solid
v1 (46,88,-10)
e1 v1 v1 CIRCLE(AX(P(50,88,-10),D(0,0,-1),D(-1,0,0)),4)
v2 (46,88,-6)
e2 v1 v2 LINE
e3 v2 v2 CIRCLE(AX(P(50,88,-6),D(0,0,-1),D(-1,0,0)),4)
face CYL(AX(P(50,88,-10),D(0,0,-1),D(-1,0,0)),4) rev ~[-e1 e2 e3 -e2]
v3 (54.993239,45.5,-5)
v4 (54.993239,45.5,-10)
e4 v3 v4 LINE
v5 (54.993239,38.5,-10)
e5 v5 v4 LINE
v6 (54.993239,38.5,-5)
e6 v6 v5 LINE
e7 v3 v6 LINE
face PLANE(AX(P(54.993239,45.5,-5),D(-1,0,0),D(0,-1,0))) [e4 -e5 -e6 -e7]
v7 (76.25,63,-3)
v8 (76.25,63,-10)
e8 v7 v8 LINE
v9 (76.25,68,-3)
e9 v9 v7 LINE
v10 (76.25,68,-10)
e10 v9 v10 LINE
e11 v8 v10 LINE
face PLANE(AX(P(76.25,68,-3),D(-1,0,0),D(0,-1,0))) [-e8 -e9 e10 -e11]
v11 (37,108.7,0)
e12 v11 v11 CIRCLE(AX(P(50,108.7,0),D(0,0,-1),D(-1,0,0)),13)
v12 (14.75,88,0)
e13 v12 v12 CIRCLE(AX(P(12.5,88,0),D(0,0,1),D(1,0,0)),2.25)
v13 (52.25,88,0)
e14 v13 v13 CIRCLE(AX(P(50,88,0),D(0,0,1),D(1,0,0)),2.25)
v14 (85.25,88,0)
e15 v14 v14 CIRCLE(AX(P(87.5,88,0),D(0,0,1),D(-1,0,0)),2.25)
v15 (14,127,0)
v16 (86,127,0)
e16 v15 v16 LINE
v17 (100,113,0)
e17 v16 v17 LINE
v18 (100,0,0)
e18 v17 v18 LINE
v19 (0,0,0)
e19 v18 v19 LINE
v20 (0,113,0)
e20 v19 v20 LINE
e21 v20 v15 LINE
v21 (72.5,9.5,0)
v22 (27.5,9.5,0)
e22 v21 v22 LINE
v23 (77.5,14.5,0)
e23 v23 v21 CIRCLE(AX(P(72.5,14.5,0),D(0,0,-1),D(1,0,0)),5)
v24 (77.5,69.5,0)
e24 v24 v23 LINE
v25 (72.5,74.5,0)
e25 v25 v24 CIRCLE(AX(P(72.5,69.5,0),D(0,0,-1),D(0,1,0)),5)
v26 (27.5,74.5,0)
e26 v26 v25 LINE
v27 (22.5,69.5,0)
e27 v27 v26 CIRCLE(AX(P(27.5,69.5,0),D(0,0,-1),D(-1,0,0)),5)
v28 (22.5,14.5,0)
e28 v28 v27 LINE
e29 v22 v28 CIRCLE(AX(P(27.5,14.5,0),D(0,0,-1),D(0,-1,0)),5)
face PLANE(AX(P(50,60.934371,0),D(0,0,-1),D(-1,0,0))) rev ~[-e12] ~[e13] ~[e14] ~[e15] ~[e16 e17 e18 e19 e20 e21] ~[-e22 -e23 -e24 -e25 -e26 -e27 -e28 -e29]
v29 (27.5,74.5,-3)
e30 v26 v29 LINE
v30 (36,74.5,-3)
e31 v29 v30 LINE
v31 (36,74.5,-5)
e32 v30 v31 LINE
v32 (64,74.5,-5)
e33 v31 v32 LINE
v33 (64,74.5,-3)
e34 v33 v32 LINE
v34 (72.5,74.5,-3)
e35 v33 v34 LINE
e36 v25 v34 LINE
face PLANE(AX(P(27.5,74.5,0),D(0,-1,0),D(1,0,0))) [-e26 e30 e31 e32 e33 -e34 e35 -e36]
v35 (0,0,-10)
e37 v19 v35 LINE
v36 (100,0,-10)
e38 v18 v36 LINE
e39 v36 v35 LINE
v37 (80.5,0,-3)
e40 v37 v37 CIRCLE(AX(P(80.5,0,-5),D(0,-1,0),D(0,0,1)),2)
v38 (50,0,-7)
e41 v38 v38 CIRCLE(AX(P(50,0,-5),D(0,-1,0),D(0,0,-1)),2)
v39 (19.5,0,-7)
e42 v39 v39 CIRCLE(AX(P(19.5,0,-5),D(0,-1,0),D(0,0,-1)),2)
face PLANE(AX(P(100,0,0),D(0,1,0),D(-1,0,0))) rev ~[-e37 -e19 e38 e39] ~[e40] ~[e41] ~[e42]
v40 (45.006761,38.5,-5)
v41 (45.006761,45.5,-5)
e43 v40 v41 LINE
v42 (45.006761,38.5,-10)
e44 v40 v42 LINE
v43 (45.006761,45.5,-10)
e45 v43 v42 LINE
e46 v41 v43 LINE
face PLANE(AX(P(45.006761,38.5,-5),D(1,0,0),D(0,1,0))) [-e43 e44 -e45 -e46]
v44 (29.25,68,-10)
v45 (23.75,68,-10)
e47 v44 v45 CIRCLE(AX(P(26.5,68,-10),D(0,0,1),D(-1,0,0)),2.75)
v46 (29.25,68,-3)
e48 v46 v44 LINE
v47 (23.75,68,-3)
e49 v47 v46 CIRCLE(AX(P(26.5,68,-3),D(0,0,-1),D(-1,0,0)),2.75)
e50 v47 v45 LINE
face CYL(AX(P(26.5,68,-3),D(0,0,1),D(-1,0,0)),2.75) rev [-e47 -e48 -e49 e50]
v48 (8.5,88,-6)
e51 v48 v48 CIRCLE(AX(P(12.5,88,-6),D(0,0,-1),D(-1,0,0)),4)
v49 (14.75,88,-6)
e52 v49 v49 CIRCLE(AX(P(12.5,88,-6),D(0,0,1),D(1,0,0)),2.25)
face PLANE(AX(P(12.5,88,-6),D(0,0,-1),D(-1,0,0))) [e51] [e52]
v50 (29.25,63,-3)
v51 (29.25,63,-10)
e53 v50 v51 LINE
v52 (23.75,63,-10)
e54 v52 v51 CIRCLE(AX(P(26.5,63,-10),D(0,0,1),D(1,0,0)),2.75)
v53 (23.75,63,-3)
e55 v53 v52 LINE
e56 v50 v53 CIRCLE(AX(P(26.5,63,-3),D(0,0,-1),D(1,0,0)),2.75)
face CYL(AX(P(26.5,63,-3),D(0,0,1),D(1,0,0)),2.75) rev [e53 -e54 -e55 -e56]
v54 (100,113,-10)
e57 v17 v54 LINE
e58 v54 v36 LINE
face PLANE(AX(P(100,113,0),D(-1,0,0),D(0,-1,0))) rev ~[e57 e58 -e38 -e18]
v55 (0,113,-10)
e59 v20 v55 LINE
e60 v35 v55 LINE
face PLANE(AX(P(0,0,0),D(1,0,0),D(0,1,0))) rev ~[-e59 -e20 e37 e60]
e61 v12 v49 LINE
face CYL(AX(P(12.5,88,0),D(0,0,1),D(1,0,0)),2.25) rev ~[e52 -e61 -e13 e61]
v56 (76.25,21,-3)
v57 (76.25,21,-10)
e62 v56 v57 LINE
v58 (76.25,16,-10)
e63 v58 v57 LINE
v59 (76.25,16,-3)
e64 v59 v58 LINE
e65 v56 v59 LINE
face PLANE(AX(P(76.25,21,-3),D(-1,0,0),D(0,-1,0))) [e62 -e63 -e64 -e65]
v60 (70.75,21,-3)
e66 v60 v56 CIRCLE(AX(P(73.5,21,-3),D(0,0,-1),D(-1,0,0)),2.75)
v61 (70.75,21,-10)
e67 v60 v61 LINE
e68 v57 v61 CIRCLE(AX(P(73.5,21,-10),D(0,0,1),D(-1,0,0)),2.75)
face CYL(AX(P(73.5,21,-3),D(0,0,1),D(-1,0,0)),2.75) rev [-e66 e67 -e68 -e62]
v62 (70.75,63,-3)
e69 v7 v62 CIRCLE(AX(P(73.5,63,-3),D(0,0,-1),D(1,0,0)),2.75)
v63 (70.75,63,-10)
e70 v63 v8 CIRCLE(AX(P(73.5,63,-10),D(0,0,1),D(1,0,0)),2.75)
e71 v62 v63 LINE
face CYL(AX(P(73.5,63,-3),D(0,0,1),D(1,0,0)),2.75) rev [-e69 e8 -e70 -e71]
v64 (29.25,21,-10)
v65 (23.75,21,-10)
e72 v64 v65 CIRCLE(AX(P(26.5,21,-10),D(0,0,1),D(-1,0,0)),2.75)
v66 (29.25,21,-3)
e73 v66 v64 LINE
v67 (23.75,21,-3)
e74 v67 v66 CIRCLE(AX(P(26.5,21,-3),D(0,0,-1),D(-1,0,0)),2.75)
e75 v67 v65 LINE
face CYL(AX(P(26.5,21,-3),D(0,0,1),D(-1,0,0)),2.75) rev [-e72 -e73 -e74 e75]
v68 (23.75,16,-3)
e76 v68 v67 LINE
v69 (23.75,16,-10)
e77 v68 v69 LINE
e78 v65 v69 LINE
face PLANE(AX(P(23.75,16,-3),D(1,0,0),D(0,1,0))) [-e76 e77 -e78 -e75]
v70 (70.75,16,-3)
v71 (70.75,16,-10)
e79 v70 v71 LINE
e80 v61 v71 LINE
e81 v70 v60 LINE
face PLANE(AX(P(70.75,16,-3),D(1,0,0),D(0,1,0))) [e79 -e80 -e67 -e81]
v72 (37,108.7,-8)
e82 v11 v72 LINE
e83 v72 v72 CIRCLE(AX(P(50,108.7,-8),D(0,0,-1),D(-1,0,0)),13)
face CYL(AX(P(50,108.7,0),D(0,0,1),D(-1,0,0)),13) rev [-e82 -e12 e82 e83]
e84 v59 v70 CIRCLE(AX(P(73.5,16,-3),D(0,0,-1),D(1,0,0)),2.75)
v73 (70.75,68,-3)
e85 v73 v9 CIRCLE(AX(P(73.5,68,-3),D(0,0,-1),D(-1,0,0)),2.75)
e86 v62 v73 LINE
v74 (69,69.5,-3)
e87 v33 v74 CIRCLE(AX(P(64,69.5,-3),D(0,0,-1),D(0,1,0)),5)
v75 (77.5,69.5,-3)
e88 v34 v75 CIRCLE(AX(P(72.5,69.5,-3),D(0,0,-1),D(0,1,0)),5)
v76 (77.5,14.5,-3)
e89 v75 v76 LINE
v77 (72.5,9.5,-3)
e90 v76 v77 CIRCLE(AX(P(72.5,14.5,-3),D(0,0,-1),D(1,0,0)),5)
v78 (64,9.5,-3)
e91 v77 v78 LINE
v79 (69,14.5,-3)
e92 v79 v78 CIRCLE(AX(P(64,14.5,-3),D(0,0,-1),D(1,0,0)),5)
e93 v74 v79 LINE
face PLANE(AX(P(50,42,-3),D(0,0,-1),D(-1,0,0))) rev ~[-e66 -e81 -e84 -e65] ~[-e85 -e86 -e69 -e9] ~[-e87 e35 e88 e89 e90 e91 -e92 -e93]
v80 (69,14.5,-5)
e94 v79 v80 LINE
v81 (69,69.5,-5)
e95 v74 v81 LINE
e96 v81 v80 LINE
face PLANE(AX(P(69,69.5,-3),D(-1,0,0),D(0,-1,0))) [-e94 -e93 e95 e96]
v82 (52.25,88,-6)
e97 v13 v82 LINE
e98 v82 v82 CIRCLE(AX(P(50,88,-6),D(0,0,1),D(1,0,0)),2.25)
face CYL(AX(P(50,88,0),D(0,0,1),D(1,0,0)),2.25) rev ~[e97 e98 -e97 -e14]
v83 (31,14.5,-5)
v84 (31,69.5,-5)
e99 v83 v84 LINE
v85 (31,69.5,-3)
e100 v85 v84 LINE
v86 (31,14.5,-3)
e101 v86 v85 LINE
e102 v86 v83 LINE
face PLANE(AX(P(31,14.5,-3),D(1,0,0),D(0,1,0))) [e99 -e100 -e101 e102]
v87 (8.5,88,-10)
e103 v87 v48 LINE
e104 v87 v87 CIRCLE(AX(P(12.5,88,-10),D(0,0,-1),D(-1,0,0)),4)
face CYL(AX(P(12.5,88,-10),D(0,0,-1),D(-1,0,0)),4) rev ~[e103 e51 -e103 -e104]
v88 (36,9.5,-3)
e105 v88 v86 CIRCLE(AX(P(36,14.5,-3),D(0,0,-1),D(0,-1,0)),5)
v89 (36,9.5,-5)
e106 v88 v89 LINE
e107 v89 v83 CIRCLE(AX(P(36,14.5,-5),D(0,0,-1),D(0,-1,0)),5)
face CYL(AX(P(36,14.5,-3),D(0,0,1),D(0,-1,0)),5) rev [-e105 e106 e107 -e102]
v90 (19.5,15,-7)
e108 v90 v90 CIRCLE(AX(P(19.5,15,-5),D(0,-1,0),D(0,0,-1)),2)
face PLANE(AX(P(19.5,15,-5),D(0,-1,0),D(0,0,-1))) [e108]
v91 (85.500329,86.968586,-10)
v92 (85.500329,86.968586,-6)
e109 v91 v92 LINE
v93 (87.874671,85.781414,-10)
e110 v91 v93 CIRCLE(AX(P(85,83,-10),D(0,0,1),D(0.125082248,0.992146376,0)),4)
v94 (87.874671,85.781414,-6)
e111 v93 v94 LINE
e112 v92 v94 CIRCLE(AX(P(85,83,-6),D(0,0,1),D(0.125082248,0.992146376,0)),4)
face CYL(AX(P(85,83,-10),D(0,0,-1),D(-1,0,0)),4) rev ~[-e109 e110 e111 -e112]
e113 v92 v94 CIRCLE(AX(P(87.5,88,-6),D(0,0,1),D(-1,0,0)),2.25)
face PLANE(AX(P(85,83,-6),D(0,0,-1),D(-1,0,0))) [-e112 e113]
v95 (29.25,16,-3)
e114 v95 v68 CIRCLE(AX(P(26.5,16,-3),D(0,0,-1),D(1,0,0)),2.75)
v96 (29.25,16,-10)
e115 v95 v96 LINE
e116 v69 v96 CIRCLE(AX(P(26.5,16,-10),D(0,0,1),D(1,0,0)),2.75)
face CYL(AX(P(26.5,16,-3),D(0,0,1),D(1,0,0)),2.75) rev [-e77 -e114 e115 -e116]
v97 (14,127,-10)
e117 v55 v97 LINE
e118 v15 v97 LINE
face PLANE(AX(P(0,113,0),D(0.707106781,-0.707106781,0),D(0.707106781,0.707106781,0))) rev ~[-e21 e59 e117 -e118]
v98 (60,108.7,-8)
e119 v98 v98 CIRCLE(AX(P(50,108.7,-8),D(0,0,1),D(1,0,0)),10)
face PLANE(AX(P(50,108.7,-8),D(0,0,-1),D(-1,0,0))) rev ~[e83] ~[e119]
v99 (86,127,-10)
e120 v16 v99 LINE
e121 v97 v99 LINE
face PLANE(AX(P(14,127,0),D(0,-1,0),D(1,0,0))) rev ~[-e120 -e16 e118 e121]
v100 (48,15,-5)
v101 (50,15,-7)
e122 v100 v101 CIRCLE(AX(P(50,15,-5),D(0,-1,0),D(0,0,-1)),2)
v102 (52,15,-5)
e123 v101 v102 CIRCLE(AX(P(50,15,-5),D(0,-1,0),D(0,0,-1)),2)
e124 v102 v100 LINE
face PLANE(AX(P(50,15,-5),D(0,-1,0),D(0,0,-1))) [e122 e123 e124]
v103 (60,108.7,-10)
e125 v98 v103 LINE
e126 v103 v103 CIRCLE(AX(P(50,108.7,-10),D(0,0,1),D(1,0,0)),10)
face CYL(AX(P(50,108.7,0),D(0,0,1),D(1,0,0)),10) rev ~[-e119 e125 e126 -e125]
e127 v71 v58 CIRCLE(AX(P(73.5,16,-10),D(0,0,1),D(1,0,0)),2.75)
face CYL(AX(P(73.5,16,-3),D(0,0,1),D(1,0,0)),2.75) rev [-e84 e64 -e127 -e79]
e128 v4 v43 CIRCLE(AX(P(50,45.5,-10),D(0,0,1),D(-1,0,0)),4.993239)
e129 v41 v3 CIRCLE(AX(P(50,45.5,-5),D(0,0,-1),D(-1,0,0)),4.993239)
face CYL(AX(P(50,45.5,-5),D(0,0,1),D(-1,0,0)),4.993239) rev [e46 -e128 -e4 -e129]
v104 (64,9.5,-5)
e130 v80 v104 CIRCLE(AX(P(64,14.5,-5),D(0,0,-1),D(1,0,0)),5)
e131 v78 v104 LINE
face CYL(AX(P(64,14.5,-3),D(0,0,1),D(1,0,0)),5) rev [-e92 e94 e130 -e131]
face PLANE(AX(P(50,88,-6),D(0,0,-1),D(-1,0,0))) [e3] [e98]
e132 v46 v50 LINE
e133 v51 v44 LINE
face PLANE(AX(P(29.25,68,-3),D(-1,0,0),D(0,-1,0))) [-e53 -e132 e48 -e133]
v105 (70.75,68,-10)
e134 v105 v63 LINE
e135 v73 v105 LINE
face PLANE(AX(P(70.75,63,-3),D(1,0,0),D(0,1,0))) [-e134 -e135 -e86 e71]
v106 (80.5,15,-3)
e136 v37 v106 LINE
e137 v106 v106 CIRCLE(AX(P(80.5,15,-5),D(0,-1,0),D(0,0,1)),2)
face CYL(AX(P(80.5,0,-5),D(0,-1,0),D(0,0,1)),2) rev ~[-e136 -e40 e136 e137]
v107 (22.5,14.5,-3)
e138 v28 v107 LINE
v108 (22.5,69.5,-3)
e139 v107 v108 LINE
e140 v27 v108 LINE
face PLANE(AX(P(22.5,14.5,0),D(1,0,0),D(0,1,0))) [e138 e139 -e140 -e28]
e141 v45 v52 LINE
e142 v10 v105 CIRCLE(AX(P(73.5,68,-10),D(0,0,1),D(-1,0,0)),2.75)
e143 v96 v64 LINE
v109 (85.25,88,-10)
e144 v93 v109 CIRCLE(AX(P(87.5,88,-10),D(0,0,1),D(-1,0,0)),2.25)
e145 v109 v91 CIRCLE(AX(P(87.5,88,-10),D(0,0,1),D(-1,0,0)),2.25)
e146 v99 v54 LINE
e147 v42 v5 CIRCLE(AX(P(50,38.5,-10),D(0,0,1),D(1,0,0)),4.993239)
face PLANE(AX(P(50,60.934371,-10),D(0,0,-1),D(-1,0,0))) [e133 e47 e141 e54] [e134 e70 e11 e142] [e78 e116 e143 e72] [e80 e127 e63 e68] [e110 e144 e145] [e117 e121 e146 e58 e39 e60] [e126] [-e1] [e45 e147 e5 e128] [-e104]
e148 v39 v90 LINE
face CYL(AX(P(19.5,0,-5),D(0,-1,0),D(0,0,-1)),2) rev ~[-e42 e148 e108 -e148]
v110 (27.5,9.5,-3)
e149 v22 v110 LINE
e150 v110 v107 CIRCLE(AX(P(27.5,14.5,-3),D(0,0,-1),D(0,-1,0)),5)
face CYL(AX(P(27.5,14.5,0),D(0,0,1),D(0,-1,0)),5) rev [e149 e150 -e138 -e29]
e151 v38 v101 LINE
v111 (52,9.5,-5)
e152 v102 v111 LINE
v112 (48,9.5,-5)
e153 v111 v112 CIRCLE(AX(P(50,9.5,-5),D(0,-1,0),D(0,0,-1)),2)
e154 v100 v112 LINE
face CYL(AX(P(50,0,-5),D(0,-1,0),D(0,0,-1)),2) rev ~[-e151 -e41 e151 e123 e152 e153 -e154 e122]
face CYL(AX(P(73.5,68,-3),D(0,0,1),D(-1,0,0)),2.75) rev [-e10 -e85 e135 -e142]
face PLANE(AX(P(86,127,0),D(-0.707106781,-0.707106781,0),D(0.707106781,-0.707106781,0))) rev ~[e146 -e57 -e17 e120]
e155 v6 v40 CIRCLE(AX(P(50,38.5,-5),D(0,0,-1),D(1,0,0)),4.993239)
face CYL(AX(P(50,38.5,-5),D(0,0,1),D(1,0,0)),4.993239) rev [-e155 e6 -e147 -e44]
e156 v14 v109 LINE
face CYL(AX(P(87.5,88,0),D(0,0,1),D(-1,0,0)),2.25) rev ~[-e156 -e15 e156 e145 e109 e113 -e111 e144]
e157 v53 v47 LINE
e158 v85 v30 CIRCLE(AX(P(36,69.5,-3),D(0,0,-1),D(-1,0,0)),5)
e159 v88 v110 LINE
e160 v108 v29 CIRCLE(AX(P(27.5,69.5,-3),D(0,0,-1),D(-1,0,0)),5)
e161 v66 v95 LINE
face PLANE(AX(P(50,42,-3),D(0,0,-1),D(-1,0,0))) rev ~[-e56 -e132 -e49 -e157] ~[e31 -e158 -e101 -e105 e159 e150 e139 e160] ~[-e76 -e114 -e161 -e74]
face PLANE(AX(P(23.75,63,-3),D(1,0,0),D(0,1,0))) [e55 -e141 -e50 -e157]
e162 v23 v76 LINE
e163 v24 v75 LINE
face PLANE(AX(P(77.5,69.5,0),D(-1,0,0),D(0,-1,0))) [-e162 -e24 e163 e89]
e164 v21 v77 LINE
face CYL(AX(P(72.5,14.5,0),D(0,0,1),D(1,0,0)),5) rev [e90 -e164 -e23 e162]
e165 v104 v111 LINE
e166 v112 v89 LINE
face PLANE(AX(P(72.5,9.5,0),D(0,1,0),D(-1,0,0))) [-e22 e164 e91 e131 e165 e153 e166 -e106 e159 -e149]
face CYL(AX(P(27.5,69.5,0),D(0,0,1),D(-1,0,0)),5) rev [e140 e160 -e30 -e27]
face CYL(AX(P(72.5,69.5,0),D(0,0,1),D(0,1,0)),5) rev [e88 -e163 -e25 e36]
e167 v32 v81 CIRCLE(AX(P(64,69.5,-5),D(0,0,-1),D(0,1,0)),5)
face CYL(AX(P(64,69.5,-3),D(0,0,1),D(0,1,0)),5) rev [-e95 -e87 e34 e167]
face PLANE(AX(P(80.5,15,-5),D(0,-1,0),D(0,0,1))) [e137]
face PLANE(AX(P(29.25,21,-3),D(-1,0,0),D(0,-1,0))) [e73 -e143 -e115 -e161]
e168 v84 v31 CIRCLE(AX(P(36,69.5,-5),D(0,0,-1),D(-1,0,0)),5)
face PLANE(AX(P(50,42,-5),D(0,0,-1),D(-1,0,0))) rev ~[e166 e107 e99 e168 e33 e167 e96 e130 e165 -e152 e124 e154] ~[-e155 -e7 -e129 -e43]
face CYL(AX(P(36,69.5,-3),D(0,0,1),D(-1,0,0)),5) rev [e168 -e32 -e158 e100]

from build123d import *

# Parameters (mm, degrees)
ESTRUSIONE_ESTRUSIONE1_DEPTH = 10
SCHIZZO2_R                   = 10
TAGLIO_ESTRUSIONE1_DEPTH     = 10
SCHIZZO3_R                   = 2.25
TAGLIO_ESTRUSIONE2_DEPTH     = 10
TAGLIO_ESTRUSIONE3_DEPTH     = 3
TAGLIO_ESTRUSIONE4_DEPTH     = 2
TAGLIO_ESTRUSIONE5_DEPTH     = 162.721983663
TAGLIO_ESTRUSIONE6_DEPTH     = 162.796168063
SCHIZZO8_R                   = 13
TAGLIO_ESTRUSIONE7_DEPTH     = 8
SCHIZZO9_R                   = 4
TAGLIO_ESTRUSIONE8_DEPTH     = 4
SCHIZZO10_R                  = 2
TAGLIO_ESTRUSIONE9_DEPTH     = 15


with BuildPart() as part:
    # Schizzo1 → Estrusione-Estrusione1 (new body)
    with BuildSketch(Plane.XY):
        Polygon((0, 113), (14, 127), (86, 127), (100, 113), (100, 0), (0, 0), align=None)
    extrude(amount=-ESTRUSIONE_ESTRUSIONE1_DEPTH)

    # Schizzo2 → Taglio-Estrusione1 (cut)
    with BuildSketch(Plane.XY):
        with Locations((50, 108.7)):
            Circle(SCHIZZO2_R)
    extrude(amount=-TAGLIO_ESTRUSIONE1_DEPTH, mode=Mode.SUBTRACT)

    # Schizzo3 → Taglio-Estrusione2 (cut)
    with BuildSketch(Plane.XY):
        with Locations((12.5, 88)):
            Circle(SCHIZZO3_R)
        with Locations((50, 88)):
            Circle(SCHIZZO3_R)
        with Locations(Location((87.5, 88, 0), (0, 0, 180))):
            Circle(SCHIZZO3_R)
    extrude(amount=-TAGLIO_ESTRUSIONE2_DEPTH, mode=Mode.SUBTRACT)

    # Schizzo4 → Taglio-Estrusione3 (cut)
    with BuildSketch(Plane.XY):
        with BuildLine():
            Line((27.5, 74.5), (72.5, 74.5))
            ThreePointArc((72.5, 74.5), (76.035533906, 73.035533906), (77.5, 69.5))
            Line((77.5, 69.5), (77.5, 14.5))
            ThreePointArc((77.5, 14.5), (76.035533906, 10.964466094), (72.5, 9.5))
            Line((72.5, 9.5), (27.5, 9.5))
            ThreePointArc((27.5, 9.5), (23.964466094, 10.964466094), (22.5, 14.5))
            Line((22.5, 14.5), (22.5, 69.5))
            ThreePointArc((22.5, 69.5), (23.964466094, 73.035533906), (27.5, 74.5))
        make_face()
    extrude(amount=-TAGLIO_ESTRUSIONE3_DEPTH, mode=Mode.SUBTRACT)

    # Schizzo5 → Taglio-Estrusione4 (cut)
    with BuildSketch(Plane.XY.offset(-3)):
        with BuildLine():
            Line((36, 74.5), (64, 74.5))
            ThreePointArc((64, 74.5), (67.535533906, 73.035533906), (69, 69.5))
            Line((69, 69.5), (69, 14.5))
            ThreePointArc((69, 14.5), (67.535533906, 10.964466094), (64, 9.5))
            Line((64, 9.5), (36, 9.5))
            ThreePointArc((36, 9.5), (32.464466094, 10.964466094), (31, 14.5))
            Line((31, 14.5), (31, 69.5))
            ThreePointArc((31, 69.5), (32.464466094, 73.035533906), (36, 74.5))
        make_face()
    extrude(amount=-TAGLIO_ESTRUSIONE4_DEPTH, mode=Mode.SUBTRACT)

    # Schizzo6 → Taglio-Estrusione5 (cut, through all)
    with BuildSketch(Plane.XY.offset(-5)):
        with BuildLine():
            Line((54.993239352, 45.5), (54.993239352, 38.5))
            ThreePointArc((54.993239352, 38.5), (50, 33.506760648), (45.006760648, 38.5))
            Line((45.006760648, 38.5), (45.006760648, 45.5))
            ThreePointArc((45.006760648, 45.5), (50, 50.493239352), (54.993239352, 45.5))
        make_face()
    extrude(amount=-TAGLIO_ESTRUSIONE5_DEPTH, mode=Mode.SUBTRACT)

    # Schizzo7 → Taglio-Estrusione6 (cut, through all)
    with BuildSketch(Plane.XY.offset(-3)):
        with BuildLine():
            Line((23.75, 63), (23.75, 68))
            ThreePointArc((23.75, 68), (26.5, 70.75), (29.25, 68))
            Line((29.25, 68), (29.25, 63))
            ThreePointArc((29.25, 63), (26.5, 60.25), (23.75, 63))
        make_face()
        with BuildLine():
            Line((70.75, 63), (70.75, 68))
            ThreePointArc((70.75, 68), (73.5, 70.75), (76.25, 68))
            Line((76.25, 68), (76.25, 63))
            ThreePointArc((76.25, 63), (73.5, 60.25), (70.75, 63))
        make_face()
        with BuildLine():
            Line((23.75, 16), (23.75, 21))
            ThreePointArc((23.75, 21), (26.5, 23.75), (29.25, 21))
            Line((29.25, 21), (29.25, 16))
            ThreePointArc((29.25, 16), (26.5, 13.25), (23.75, 16))
        make_face()
        with BuildLine():
            Line((70.75, 16), (70.75, 21))
            ThreePointArc((70.75, 21), (73.5, 23.75), (76.25, 21))
            Line((76.25, 21), (76.25, 16))
            ThreePointArc((76.25, 16), (73.5, 13.25), (70.75, 16))
        make_face()
    extrude(amount=-TAGLIO_ESTRUSIONE6_DEPTH, mode=Mode.SUBTRACT)

    # Schizzo8 → Taglio-Estrusione7 (cut)
    with BuildSketch(Plane(origin=(0, 0, 0), x_dir=(-1, 0, 0), z_dir=(0, 0, -1))):
        with Locations((-50, 108.7)):
            Circle(SCHIZZO8_R)
    extrude(amount=TAGLIO_ESTRUSIONE7_DEPTH, mode=Mode.SUBTRACT)

    # Schizzo9 → Taglio-Estrusione8 (cut)
    with BuildSketch(Plane(origin=(0, 0, -10), x_dir=(-1, 0, 0), z_dir=(0, 0, -1))):
        with Locations((-85, 83)):
            Circle(SCHIZZO9_R)
        with Locations((-50, 88)):
            Circle(SCHIZZO9_R)
        with Locations((-12.5, 88)):
            Circle(SCHIZZO9_R)
    extrude(amount=-TAGLIO_ESTRUSIONE8_DEPTH, mode=Mode.SUBTRACT)

    # Schizzo10 → Taglio-Estrusione9 (cut)
    with BuildSketch(Plane.XZ):
        with Locations(Location((50, -5, 0), (0, 0, 270))):
            Circle(SCHIZZO10_R)
        with Locations(Location((19.5, -5, 0), (0, 0, 270))):
            Circle(SCHIZZO10_R)
        with Locations(Location((80.5, -5, 0), (0, 0, 90))):
            Circle(SCHIZZO10_R)
    extrude(amount=-TAGLIO_ESTRUSIONE9_DEPTH, mode=Mode.SUBTRACT)


solid = part.part
